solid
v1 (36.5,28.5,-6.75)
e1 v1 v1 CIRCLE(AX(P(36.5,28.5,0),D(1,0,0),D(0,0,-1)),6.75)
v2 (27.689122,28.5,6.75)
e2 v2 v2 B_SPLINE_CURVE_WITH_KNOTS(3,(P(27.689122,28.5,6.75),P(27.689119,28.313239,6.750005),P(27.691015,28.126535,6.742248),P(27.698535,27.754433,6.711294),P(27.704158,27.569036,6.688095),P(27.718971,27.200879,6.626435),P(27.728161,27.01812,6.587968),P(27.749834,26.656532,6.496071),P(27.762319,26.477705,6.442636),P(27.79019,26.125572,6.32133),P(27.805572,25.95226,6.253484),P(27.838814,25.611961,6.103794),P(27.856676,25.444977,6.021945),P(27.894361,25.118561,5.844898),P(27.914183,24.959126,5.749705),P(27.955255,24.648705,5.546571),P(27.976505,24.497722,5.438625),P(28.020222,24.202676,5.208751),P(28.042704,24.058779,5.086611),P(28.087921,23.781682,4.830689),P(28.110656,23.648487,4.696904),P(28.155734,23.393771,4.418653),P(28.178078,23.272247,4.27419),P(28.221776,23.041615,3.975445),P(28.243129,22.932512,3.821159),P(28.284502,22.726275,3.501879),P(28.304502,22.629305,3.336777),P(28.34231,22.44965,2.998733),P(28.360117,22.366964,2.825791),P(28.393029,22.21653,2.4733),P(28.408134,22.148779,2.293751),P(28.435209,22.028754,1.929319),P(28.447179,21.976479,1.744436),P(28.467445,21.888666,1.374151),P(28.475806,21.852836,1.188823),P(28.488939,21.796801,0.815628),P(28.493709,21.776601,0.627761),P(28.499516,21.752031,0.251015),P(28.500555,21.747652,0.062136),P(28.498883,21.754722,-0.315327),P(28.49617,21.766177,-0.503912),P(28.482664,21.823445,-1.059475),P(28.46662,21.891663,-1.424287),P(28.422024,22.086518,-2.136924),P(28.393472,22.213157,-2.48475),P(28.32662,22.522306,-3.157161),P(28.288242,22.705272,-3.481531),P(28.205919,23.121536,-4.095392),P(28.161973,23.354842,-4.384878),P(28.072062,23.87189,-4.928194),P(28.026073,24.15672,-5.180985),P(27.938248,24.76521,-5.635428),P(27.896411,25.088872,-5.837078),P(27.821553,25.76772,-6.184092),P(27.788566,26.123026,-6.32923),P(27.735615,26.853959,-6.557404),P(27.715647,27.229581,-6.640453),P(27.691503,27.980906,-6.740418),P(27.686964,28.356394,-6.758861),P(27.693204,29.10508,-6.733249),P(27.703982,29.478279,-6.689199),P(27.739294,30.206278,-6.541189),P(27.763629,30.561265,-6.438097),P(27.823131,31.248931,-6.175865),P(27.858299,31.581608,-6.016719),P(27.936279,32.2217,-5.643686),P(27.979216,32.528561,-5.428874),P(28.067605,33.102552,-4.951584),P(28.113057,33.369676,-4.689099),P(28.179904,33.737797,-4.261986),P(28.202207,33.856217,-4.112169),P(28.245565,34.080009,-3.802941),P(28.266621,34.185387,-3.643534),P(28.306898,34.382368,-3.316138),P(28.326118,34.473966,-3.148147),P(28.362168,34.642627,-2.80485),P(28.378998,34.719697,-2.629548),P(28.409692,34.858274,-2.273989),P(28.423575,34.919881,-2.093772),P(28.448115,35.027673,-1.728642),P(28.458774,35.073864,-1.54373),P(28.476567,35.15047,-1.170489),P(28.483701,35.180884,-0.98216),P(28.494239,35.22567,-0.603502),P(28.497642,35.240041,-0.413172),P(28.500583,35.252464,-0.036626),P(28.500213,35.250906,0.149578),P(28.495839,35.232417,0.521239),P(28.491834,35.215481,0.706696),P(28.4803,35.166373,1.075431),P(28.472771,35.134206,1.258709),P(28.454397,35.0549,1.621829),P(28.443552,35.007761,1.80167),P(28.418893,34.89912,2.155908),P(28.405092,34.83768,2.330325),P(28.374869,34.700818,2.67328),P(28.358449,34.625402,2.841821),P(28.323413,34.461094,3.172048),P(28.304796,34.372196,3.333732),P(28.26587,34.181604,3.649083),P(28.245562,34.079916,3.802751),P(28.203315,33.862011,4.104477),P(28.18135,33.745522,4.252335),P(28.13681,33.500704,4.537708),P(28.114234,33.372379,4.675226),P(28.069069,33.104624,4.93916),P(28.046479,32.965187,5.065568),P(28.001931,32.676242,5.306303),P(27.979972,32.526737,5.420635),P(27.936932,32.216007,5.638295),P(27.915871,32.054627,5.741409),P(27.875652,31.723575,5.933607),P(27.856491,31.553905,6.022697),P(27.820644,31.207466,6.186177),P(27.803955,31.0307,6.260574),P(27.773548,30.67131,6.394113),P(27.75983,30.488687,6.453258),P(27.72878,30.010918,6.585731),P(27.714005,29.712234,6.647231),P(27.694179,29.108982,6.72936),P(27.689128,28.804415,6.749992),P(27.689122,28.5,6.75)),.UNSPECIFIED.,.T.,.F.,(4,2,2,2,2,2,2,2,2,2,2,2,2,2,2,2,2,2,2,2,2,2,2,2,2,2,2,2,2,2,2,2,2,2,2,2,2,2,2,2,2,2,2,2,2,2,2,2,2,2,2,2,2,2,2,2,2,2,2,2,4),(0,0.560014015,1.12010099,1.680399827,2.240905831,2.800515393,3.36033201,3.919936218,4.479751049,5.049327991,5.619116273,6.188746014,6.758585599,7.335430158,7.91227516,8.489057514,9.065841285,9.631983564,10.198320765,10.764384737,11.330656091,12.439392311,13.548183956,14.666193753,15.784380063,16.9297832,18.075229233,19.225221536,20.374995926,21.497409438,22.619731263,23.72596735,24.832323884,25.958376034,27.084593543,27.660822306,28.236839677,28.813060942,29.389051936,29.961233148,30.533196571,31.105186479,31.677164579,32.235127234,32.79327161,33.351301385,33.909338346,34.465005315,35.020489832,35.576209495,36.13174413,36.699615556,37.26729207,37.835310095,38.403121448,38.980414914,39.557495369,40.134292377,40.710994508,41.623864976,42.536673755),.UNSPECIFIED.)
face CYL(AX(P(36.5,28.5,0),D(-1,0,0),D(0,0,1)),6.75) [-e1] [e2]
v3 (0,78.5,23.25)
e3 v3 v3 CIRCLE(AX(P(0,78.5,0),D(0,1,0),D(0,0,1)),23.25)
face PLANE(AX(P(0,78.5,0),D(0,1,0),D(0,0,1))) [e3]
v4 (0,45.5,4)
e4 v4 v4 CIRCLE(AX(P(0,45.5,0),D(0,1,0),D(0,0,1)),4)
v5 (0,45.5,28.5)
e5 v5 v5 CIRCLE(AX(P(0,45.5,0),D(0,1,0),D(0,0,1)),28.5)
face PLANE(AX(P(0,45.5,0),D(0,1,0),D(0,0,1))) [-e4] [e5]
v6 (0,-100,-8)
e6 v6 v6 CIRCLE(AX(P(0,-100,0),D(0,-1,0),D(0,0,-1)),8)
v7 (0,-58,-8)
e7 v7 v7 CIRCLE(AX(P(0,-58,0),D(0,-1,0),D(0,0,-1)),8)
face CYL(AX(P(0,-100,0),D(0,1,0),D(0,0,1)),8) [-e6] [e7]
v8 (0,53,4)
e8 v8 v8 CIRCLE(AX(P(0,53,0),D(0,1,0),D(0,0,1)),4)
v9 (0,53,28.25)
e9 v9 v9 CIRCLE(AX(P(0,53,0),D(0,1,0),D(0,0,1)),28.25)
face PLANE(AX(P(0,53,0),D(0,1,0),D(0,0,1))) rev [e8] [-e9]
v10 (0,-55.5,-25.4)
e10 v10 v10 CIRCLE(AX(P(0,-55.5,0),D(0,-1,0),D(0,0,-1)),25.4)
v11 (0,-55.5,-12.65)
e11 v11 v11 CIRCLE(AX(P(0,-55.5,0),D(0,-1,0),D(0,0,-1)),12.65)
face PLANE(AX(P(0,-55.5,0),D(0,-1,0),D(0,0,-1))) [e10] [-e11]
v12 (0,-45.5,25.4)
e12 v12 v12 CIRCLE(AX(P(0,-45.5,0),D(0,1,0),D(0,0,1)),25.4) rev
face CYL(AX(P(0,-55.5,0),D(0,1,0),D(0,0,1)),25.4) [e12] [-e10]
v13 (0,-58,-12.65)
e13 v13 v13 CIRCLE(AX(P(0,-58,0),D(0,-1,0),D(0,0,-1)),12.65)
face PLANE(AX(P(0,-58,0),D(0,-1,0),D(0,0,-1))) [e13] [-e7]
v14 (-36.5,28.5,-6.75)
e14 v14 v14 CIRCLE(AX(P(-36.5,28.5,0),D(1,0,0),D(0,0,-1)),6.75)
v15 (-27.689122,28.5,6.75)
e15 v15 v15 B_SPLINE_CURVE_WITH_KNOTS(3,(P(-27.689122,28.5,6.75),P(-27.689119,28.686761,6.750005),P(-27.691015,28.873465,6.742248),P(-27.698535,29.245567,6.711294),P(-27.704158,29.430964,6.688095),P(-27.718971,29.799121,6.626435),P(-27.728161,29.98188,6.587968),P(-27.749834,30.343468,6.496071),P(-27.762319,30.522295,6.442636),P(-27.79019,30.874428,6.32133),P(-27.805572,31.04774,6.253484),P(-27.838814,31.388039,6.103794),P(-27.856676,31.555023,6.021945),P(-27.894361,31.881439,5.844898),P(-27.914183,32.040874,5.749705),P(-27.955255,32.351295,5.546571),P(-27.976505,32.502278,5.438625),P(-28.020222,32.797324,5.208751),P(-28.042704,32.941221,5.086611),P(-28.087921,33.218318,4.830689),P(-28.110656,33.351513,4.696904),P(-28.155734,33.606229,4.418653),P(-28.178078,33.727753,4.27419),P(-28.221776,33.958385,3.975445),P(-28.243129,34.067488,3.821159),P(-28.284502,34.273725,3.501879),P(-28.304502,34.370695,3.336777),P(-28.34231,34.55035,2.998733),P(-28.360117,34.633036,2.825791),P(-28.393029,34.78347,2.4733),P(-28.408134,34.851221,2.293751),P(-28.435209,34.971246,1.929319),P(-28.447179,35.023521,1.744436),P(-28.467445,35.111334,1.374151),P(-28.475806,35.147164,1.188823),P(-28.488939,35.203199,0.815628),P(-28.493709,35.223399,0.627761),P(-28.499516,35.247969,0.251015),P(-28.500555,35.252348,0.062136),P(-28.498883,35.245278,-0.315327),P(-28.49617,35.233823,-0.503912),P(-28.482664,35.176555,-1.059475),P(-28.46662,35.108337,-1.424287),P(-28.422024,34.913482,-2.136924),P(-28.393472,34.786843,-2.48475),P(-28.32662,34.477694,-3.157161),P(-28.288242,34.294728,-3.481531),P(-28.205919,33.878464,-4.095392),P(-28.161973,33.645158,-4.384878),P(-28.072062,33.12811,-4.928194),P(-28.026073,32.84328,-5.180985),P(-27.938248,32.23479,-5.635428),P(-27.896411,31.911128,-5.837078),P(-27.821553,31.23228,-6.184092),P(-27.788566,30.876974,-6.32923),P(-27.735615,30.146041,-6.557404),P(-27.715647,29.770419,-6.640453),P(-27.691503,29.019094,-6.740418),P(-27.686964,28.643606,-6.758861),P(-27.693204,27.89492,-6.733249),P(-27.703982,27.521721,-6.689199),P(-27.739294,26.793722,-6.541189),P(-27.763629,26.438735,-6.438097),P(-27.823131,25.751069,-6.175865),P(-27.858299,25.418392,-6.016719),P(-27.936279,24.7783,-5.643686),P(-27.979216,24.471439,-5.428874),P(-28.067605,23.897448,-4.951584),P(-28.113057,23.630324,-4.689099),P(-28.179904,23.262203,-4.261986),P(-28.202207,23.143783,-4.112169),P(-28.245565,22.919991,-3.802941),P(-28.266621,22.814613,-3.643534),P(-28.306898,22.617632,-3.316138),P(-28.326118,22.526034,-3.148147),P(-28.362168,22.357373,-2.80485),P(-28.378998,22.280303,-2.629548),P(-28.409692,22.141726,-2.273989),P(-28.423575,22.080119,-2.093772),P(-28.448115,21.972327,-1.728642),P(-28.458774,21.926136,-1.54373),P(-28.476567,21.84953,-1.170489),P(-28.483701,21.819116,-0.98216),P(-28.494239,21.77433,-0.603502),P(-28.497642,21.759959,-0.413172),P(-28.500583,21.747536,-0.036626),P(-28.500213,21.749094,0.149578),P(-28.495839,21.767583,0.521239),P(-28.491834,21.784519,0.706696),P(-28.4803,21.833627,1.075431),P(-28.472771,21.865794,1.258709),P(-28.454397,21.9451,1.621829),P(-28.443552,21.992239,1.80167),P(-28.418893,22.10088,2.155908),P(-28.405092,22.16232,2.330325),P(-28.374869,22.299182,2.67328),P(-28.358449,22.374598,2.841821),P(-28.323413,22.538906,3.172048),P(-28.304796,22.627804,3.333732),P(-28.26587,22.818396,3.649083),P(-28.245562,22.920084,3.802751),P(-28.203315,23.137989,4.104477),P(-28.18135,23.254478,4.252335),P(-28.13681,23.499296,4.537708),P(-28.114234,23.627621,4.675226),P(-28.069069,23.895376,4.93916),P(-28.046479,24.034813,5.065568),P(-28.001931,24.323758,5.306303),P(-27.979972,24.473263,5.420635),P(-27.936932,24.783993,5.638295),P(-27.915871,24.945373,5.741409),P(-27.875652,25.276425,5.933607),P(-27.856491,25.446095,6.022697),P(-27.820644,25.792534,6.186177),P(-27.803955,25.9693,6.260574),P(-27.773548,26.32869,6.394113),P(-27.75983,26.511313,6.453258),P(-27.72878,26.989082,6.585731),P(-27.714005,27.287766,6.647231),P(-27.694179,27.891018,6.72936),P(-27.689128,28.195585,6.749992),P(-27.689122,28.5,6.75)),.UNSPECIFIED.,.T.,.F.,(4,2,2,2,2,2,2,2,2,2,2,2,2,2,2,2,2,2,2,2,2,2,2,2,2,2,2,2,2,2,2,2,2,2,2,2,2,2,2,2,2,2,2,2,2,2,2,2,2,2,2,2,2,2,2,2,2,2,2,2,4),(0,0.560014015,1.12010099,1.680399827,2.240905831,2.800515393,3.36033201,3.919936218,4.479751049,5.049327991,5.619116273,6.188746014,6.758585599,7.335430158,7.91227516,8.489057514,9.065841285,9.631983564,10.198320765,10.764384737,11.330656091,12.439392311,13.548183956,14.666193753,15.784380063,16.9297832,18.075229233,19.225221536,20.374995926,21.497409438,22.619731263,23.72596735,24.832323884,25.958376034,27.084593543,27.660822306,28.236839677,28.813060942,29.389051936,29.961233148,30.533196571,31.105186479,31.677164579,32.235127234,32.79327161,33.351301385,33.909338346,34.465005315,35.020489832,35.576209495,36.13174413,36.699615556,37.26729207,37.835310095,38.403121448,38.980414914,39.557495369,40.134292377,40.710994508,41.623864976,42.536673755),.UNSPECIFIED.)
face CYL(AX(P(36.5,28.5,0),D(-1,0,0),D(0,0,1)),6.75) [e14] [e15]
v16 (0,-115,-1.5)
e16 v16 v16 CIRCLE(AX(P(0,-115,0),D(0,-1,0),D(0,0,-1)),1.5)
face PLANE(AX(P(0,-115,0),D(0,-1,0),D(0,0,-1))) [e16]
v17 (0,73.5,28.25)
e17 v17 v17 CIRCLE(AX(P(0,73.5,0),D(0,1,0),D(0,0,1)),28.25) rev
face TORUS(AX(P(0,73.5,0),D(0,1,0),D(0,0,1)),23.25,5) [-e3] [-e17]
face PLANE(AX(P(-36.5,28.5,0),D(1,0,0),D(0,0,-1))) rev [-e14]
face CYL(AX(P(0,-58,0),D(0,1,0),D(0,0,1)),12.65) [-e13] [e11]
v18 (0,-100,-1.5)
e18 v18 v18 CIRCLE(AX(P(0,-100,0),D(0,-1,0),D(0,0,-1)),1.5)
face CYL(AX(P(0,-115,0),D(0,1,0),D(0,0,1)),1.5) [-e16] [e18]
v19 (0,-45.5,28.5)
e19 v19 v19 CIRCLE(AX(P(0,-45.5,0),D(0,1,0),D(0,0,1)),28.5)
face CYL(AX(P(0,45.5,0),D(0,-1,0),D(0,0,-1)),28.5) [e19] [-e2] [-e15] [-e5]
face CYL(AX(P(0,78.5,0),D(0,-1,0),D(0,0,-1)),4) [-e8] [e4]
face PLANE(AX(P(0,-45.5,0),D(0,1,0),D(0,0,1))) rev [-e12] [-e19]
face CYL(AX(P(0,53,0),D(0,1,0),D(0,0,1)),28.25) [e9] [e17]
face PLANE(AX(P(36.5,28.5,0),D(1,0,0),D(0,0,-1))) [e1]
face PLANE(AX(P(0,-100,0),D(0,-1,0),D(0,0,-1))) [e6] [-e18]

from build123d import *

# Parameters (mm, degrees)
SKETCH1_R           = 28.5
BOSS_EXTRUDE1_DEPTH = 45.5
SKETCH4_R           = 25.4
BOSS_EXTRUDE4_DEPTH = 10
SKETCH5_R           = 12.65
BOSS_EXTRUDE5_DEPTH = 2.5
SKETCH2_R           = 8
BOSS_EXTRUDE2_DEPTH = 42
SKETCH6_R           = 4
BOSS_EXTRUDE6_DEPTH = 33
SKETCH7_R           = 28.25
BOSS_EXTRUDE7_DEPTH = 25.5
FILLET1_R           = 5
SKETCH3_R           = 1.5
BOSS_EXTRUDE3_DEPTH = 15
SKETCH8_R           = 6.75
BOSS_EXTRUDE8_DEPTH = 36.5


with BuildPart() as part:
    # Sketch1 → Boss-Extrude1 (new body, symmetric)
    with BuildSketch(Plane(origin=(0, 0, 0), x_dir=(1, 0, 0), z_dir=(0, 1, 0))):
        Circle(SKETCH1_R)
    extrude(amount=BOSS_EXTRUDE1_DEPTH, both=True)

    # Sketch4 → Boss-Extrude4 (add)
    with BuildSketch(Plane.XZ.offset(45.5)):
        Circle(SKETCH4_R)
    extrude(amount=BOSS_EXTRUDE4_DEPTH)

    # Sketch5 → Boss-Extrude5 (add)
    with BuildSketch(Plane.XZ.offset(55.5)):
        Circle(SKETCH5_R)
    extrude(amount=BOSS_EXTRUDE5_DEPTH)

    # Sketch2 → Boss-Extrude2 (add)
    with BuildSketch(Plane.XZ.offset(58)):
        Circle(SKETCH2_R)
    extrude(amount=BOSS_EXTRUDE2_DEPTH)

    # Sketch6 → Boss-Extrude6 (add)
    with BuildSketch(Plane(origin=(0, 45.5, 0), x_dir=(1, 0, 0), z_dir=(0, 1, 0))):
        Circle(SKETCH6_R)
    extrude(amount=BOSS_EXTRUDE6_DEPTH)

    # Sketch7 → Boss-Extrude7 (add)
    with BuildSketch(Plane(origin=(0, 78.5, 0), x_dir=(1, 0, 0), z_dir=(0, 1, 0))):
        Circle(SKETCH7_R)
    extrude(amount=-BOSS_EXTRUDE7_DEPTH)

    # Fillet1
    fillet1_edges = [part.edges().sort_by_distance(p)[0] for p in [
        (-28.25, 78.5, 0),
    ]]
    fillet(fillet1_edges, radius=FILLET1_R)

    # Sketch3 → Boss-Extrude3 (add)
    with BuildSketch(Plane.XZ.offset(100)):
        Circle(SKETCH3_R)
    extrude(amount=BOSS_EXTRUDE3_DEPTH)

    # Sketch8 → Boss-Extrude8 (add, symmetric)
    with BuildSketch(Plane(origin=(0, 0, 0), x_dir=(0, 0, -1), z_dir=(1, 0, 0))):
        with Locations((0, 28.5)):
            Circle(SKETCH8_R)
    extrude(amount=BOSS_EXTRUDE8_DEPTH, both=True)


solid = part.part
